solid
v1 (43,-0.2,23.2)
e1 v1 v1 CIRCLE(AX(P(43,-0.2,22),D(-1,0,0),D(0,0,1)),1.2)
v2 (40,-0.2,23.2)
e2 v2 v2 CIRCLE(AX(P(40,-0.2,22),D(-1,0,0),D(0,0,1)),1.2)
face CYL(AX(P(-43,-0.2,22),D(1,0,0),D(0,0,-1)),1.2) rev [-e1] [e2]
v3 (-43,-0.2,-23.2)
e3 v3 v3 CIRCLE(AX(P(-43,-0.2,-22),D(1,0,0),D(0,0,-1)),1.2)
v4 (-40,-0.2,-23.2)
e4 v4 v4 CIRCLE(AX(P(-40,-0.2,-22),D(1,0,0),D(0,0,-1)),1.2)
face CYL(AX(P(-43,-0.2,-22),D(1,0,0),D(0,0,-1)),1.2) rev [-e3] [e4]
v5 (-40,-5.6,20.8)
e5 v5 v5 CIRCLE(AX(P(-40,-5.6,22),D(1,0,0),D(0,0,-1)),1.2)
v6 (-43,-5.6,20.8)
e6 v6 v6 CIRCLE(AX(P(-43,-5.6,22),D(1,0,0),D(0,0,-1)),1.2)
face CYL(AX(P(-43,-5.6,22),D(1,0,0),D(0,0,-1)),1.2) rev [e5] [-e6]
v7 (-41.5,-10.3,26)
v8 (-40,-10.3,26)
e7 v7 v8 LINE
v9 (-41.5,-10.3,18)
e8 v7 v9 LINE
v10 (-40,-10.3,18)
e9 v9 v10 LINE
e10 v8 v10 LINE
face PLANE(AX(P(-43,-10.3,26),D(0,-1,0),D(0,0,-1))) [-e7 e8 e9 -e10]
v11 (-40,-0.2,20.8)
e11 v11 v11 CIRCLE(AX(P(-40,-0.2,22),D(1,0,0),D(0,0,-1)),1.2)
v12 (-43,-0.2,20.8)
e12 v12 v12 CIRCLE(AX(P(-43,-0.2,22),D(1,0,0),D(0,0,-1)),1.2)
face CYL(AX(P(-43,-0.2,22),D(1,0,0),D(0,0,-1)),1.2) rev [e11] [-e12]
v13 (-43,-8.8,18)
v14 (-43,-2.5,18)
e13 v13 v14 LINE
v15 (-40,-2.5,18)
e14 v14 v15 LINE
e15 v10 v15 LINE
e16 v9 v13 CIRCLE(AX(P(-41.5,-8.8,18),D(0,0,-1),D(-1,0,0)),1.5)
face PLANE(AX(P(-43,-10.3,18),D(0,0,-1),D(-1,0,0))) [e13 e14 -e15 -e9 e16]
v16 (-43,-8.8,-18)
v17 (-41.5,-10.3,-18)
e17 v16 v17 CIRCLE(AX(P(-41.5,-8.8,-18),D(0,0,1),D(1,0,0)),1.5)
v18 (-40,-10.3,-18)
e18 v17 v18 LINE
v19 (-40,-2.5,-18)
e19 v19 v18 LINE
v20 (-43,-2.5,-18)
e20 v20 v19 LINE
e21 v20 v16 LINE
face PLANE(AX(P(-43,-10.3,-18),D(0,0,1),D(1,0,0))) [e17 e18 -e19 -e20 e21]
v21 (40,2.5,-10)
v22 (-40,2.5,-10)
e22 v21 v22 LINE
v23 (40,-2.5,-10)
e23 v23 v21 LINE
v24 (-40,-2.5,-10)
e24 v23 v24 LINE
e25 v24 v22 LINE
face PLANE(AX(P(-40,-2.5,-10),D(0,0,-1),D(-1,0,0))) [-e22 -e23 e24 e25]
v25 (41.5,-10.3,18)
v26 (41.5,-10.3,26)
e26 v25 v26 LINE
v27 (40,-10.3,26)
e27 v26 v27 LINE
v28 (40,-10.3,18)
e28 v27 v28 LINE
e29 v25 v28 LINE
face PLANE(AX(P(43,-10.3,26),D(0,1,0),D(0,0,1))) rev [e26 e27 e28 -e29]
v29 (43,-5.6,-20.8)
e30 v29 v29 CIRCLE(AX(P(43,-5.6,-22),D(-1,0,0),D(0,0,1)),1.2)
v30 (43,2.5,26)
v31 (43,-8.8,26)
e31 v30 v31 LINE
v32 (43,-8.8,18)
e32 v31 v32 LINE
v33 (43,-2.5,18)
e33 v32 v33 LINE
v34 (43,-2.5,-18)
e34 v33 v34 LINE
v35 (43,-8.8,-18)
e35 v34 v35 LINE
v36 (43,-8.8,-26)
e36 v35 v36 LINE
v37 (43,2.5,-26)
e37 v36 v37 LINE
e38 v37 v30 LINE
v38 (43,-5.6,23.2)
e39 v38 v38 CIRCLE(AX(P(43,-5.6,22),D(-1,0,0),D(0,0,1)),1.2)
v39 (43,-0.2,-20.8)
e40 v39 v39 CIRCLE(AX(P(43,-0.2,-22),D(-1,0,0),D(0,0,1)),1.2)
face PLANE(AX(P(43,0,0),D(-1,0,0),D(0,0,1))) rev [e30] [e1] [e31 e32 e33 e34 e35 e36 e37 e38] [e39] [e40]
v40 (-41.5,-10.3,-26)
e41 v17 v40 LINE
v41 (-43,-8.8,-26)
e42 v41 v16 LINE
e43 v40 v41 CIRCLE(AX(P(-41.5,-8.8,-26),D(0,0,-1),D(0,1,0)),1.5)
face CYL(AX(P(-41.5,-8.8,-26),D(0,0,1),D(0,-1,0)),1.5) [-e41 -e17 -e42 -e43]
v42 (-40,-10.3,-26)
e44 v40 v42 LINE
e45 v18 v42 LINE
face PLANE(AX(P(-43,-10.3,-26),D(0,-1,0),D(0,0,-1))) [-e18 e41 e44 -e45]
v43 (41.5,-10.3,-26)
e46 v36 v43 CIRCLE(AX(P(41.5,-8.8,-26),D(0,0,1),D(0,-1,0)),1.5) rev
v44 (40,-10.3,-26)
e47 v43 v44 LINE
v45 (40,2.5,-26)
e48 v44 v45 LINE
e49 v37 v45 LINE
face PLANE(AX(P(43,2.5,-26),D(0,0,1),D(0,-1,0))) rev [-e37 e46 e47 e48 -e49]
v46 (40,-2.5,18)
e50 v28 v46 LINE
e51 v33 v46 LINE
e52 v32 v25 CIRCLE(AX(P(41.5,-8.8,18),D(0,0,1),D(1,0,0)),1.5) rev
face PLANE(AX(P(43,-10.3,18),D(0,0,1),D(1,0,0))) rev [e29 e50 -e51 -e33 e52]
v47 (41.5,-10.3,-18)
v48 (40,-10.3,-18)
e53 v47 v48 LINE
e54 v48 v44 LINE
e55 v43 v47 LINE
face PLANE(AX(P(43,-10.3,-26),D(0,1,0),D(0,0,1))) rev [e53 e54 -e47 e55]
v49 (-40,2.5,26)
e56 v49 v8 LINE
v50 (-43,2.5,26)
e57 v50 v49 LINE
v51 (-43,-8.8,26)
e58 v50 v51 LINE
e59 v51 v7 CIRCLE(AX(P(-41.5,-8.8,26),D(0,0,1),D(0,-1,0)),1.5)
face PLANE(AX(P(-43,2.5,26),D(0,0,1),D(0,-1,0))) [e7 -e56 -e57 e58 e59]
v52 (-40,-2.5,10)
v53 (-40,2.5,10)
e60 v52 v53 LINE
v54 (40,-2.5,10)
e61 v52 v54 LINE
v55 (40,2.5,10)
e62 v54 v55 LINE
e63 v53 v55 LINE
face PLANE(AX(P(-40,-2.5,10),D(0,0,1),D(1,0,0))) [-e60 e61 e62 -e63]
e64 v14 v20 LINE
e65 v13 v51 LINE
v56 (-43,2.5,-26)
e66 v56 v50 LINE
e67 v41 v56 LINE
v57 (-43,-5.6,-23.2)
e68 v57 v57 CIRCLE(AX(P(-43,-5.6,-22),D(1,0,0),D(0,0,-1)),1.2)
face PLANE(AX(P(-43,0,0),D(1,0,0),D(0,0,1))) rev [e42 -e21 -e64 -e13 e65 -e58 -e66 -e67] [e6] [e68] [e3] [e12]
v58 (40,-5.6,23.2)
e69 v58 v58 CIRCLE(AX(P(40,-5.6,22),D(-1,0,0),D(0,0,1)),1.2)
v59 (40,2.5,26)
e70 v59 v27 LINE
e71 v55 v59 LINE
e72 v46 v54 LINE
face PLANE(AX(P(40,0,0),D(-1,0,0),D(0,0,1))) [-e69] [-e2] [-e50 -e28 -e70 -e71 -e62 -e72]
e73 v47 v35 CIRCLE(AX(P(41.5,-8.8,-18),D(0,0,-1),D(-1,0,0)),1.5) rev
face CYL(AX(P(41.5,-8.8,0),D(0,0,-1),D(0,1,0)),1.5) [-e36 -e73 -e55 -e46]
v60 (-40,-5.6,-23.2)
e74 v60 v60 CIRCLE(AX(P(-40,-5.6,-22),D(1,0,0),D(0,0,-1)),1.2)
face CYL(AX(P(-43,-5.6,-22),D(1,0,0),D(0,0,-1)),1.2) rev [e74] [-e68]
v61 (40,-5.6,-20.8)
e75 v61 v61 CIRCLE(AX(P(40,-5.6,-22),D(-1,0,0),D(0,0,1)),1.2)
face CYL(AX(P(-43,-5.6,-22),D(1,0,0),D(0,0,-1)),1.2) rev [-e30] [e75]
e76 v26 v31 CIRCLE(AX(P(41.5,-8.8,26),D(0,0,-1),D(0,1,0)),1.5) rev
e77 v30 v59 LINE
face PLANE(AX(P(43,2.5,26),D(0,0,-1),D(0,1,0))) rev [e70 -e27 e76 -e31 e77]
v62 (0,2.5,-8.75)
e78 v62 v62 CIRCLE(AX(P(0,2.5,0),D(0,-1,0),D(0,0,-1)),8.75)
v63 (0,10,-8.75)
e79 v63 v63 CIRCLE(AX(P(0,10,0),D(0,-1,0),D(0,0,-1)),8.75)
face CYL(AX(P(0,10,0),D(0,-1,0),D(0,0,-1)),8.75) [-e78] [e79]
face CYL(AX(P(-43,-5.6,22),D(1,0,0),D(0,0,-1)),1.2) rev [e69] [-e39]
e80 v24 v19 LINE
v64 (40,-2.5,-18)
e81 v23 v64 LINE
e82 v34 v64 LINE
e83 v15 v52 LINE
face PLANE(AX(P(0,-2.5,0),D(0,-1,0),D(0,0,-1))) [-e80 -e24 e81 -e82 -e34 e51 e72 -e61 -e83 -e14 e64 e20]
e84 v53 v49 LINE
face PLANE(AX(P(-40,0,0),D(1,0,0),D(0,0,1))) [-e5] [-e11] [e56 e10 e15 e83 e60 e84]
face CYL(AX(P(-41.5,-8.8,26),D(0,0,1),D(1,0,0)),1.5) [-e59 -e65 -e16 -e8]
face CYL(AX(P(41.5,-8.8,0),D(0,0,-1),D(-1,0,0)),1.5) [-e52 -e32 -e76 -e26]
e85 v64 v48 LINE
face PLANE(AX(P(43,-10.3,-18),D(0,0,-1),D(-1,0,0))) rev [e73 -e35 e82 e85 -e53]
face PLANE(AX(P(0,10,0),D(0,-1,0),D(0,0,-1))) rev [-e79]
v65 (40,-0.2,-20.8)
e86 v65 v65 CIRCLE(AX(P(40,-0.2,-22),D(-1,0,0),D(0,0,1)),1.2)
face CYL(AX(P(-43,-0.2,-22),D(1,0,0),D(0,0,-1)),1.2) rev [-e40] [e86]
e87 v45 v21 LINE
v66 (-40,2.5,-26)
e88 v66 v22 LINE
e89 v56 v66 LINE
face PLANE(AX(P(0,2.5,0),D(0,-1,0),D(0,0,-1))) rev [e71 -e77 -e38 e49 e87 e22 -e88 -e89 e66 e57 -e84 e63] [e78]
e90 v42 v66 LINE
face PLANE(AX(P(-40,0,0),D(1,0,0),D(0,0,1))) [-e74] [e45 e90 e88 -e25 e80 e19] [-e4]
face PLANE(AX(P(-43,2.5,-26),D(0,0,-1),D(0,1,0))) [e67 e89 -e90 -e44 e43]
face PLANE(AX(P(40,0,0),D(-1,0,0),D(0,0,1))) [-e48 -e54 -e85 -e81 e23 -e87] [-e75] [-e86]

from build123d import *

# Parameters (mm, degrees)
SKETCH1_W                = 80
SKETCH1_H                = 20
BOSS_EXTRUDE1_DEPTH      = 2.5
BOSS_EXTRUDE1_DEPTH_BACK = 2.5
BOSS_EXTRUDE2_DEPTH      = 3
FILLET1_R                = 1.5
SKETCH3_R                = 1.2
CUT_EXTRUDE1_DEPTH       = 1
CUT_EXTRUDE1_DEPTH_BACK  = 87
BOSS_EXTRUDE3_START      = 2.5
SKETCH4_R                = 8.75
BOSS_EXTRUDE3_DEPTH      = 7.5


with BuildPart() as part:
    # Sketch1 → Boss-Extrude1 (new body, two sides)
    with BuildSketch(Plane(origin=(0, 0, 0), x_dir=(1, 0, 0), z_dir=(0, 1, 0))) as boss_extrude1_sk:
        Rectangle(SKETCH1_W, SKETCH1_H)
    extrude(amount=BOSS_EXTRUDE1_DEPTH)
    extrude(boss_extrude1_sk.sketch, amount=-BOSS_EXTRUDE1_DEPTH_BACK)

    # Sketch2 → Boss-Extrude2 (add)
    with BuildSketch(Plane(origin=(40, 0, 0), x_dir=(0, 0, -1), z_dir=(1, 0, 0))):
        Polygon((-26, 2.5), (26, 2.5), (26, -10.3), (18, -10.3), (18, -2.5), (-18, -2.5), (-18, -10.3), (-26, -10.3), align=None)
    boss_extrude2 = extrude(amount=BOSS_EXTRUDE2_DEPTH)

    # Mirror2: Boss-Extrude2 across plane
    add(boss_extrude2.mirror(Plane(origin=(0, 0, 0), x_dir=(0, 0, 1), z_dir=(1, 0, 0))))

    # Fillet1
    fillet1_edges = [part.edges().sort_by_distance(p)[0] for p in [
        (43, -10.3, 22),
        (43, -10.3, -22),
        (-43, -10.3, -22),
        (-43, -10.3, 22),
    ]]
    fillet(fillet1_edges, radius=FILLET1_R)

    # Sketch3 → Cut-Extrude1 (cut, two sides)
    with BuildSketch(Plane(origin=(43, 0, 0), x_dir=(0, 0, -1), z_dir=(1, 0, 0))) as cut_extrude1_sk:
        with Locations((22, -0.2)):
            Circle(SKETCH3_R)
        with Locations((-22, -0.2)):
            Circle(SKETCH3_R)
        with Locations((-22, -5.6)):
            Circle(SKETCH3_R)
        with Locations((22, -5.6)):
            Circle(SKETCH3_R)
    extrude(amount=CUT_EXTRUDE1_DEPTH, mode=Mode.SUBTRACT)
    extrude(cut_extrude1_sk.sketch, amount=-CUT_EXTRUDE1_DEPTH_BACK, mode=Mode.SUBTRACT)

    # Sketch4 → Boss-Extrude3 (add)
    with BuildSketch(Plane(origin=(0, 0, 0), x_dir=(1, 0, 0), z_dir=(0, 1, 0)).offset(BOSS_EXTRUDE3_START)):
        Circle(SKETCH4_R)
    extrude(amount=BOSS_EXTRUDE3_DEPTH)


solid = part.part
